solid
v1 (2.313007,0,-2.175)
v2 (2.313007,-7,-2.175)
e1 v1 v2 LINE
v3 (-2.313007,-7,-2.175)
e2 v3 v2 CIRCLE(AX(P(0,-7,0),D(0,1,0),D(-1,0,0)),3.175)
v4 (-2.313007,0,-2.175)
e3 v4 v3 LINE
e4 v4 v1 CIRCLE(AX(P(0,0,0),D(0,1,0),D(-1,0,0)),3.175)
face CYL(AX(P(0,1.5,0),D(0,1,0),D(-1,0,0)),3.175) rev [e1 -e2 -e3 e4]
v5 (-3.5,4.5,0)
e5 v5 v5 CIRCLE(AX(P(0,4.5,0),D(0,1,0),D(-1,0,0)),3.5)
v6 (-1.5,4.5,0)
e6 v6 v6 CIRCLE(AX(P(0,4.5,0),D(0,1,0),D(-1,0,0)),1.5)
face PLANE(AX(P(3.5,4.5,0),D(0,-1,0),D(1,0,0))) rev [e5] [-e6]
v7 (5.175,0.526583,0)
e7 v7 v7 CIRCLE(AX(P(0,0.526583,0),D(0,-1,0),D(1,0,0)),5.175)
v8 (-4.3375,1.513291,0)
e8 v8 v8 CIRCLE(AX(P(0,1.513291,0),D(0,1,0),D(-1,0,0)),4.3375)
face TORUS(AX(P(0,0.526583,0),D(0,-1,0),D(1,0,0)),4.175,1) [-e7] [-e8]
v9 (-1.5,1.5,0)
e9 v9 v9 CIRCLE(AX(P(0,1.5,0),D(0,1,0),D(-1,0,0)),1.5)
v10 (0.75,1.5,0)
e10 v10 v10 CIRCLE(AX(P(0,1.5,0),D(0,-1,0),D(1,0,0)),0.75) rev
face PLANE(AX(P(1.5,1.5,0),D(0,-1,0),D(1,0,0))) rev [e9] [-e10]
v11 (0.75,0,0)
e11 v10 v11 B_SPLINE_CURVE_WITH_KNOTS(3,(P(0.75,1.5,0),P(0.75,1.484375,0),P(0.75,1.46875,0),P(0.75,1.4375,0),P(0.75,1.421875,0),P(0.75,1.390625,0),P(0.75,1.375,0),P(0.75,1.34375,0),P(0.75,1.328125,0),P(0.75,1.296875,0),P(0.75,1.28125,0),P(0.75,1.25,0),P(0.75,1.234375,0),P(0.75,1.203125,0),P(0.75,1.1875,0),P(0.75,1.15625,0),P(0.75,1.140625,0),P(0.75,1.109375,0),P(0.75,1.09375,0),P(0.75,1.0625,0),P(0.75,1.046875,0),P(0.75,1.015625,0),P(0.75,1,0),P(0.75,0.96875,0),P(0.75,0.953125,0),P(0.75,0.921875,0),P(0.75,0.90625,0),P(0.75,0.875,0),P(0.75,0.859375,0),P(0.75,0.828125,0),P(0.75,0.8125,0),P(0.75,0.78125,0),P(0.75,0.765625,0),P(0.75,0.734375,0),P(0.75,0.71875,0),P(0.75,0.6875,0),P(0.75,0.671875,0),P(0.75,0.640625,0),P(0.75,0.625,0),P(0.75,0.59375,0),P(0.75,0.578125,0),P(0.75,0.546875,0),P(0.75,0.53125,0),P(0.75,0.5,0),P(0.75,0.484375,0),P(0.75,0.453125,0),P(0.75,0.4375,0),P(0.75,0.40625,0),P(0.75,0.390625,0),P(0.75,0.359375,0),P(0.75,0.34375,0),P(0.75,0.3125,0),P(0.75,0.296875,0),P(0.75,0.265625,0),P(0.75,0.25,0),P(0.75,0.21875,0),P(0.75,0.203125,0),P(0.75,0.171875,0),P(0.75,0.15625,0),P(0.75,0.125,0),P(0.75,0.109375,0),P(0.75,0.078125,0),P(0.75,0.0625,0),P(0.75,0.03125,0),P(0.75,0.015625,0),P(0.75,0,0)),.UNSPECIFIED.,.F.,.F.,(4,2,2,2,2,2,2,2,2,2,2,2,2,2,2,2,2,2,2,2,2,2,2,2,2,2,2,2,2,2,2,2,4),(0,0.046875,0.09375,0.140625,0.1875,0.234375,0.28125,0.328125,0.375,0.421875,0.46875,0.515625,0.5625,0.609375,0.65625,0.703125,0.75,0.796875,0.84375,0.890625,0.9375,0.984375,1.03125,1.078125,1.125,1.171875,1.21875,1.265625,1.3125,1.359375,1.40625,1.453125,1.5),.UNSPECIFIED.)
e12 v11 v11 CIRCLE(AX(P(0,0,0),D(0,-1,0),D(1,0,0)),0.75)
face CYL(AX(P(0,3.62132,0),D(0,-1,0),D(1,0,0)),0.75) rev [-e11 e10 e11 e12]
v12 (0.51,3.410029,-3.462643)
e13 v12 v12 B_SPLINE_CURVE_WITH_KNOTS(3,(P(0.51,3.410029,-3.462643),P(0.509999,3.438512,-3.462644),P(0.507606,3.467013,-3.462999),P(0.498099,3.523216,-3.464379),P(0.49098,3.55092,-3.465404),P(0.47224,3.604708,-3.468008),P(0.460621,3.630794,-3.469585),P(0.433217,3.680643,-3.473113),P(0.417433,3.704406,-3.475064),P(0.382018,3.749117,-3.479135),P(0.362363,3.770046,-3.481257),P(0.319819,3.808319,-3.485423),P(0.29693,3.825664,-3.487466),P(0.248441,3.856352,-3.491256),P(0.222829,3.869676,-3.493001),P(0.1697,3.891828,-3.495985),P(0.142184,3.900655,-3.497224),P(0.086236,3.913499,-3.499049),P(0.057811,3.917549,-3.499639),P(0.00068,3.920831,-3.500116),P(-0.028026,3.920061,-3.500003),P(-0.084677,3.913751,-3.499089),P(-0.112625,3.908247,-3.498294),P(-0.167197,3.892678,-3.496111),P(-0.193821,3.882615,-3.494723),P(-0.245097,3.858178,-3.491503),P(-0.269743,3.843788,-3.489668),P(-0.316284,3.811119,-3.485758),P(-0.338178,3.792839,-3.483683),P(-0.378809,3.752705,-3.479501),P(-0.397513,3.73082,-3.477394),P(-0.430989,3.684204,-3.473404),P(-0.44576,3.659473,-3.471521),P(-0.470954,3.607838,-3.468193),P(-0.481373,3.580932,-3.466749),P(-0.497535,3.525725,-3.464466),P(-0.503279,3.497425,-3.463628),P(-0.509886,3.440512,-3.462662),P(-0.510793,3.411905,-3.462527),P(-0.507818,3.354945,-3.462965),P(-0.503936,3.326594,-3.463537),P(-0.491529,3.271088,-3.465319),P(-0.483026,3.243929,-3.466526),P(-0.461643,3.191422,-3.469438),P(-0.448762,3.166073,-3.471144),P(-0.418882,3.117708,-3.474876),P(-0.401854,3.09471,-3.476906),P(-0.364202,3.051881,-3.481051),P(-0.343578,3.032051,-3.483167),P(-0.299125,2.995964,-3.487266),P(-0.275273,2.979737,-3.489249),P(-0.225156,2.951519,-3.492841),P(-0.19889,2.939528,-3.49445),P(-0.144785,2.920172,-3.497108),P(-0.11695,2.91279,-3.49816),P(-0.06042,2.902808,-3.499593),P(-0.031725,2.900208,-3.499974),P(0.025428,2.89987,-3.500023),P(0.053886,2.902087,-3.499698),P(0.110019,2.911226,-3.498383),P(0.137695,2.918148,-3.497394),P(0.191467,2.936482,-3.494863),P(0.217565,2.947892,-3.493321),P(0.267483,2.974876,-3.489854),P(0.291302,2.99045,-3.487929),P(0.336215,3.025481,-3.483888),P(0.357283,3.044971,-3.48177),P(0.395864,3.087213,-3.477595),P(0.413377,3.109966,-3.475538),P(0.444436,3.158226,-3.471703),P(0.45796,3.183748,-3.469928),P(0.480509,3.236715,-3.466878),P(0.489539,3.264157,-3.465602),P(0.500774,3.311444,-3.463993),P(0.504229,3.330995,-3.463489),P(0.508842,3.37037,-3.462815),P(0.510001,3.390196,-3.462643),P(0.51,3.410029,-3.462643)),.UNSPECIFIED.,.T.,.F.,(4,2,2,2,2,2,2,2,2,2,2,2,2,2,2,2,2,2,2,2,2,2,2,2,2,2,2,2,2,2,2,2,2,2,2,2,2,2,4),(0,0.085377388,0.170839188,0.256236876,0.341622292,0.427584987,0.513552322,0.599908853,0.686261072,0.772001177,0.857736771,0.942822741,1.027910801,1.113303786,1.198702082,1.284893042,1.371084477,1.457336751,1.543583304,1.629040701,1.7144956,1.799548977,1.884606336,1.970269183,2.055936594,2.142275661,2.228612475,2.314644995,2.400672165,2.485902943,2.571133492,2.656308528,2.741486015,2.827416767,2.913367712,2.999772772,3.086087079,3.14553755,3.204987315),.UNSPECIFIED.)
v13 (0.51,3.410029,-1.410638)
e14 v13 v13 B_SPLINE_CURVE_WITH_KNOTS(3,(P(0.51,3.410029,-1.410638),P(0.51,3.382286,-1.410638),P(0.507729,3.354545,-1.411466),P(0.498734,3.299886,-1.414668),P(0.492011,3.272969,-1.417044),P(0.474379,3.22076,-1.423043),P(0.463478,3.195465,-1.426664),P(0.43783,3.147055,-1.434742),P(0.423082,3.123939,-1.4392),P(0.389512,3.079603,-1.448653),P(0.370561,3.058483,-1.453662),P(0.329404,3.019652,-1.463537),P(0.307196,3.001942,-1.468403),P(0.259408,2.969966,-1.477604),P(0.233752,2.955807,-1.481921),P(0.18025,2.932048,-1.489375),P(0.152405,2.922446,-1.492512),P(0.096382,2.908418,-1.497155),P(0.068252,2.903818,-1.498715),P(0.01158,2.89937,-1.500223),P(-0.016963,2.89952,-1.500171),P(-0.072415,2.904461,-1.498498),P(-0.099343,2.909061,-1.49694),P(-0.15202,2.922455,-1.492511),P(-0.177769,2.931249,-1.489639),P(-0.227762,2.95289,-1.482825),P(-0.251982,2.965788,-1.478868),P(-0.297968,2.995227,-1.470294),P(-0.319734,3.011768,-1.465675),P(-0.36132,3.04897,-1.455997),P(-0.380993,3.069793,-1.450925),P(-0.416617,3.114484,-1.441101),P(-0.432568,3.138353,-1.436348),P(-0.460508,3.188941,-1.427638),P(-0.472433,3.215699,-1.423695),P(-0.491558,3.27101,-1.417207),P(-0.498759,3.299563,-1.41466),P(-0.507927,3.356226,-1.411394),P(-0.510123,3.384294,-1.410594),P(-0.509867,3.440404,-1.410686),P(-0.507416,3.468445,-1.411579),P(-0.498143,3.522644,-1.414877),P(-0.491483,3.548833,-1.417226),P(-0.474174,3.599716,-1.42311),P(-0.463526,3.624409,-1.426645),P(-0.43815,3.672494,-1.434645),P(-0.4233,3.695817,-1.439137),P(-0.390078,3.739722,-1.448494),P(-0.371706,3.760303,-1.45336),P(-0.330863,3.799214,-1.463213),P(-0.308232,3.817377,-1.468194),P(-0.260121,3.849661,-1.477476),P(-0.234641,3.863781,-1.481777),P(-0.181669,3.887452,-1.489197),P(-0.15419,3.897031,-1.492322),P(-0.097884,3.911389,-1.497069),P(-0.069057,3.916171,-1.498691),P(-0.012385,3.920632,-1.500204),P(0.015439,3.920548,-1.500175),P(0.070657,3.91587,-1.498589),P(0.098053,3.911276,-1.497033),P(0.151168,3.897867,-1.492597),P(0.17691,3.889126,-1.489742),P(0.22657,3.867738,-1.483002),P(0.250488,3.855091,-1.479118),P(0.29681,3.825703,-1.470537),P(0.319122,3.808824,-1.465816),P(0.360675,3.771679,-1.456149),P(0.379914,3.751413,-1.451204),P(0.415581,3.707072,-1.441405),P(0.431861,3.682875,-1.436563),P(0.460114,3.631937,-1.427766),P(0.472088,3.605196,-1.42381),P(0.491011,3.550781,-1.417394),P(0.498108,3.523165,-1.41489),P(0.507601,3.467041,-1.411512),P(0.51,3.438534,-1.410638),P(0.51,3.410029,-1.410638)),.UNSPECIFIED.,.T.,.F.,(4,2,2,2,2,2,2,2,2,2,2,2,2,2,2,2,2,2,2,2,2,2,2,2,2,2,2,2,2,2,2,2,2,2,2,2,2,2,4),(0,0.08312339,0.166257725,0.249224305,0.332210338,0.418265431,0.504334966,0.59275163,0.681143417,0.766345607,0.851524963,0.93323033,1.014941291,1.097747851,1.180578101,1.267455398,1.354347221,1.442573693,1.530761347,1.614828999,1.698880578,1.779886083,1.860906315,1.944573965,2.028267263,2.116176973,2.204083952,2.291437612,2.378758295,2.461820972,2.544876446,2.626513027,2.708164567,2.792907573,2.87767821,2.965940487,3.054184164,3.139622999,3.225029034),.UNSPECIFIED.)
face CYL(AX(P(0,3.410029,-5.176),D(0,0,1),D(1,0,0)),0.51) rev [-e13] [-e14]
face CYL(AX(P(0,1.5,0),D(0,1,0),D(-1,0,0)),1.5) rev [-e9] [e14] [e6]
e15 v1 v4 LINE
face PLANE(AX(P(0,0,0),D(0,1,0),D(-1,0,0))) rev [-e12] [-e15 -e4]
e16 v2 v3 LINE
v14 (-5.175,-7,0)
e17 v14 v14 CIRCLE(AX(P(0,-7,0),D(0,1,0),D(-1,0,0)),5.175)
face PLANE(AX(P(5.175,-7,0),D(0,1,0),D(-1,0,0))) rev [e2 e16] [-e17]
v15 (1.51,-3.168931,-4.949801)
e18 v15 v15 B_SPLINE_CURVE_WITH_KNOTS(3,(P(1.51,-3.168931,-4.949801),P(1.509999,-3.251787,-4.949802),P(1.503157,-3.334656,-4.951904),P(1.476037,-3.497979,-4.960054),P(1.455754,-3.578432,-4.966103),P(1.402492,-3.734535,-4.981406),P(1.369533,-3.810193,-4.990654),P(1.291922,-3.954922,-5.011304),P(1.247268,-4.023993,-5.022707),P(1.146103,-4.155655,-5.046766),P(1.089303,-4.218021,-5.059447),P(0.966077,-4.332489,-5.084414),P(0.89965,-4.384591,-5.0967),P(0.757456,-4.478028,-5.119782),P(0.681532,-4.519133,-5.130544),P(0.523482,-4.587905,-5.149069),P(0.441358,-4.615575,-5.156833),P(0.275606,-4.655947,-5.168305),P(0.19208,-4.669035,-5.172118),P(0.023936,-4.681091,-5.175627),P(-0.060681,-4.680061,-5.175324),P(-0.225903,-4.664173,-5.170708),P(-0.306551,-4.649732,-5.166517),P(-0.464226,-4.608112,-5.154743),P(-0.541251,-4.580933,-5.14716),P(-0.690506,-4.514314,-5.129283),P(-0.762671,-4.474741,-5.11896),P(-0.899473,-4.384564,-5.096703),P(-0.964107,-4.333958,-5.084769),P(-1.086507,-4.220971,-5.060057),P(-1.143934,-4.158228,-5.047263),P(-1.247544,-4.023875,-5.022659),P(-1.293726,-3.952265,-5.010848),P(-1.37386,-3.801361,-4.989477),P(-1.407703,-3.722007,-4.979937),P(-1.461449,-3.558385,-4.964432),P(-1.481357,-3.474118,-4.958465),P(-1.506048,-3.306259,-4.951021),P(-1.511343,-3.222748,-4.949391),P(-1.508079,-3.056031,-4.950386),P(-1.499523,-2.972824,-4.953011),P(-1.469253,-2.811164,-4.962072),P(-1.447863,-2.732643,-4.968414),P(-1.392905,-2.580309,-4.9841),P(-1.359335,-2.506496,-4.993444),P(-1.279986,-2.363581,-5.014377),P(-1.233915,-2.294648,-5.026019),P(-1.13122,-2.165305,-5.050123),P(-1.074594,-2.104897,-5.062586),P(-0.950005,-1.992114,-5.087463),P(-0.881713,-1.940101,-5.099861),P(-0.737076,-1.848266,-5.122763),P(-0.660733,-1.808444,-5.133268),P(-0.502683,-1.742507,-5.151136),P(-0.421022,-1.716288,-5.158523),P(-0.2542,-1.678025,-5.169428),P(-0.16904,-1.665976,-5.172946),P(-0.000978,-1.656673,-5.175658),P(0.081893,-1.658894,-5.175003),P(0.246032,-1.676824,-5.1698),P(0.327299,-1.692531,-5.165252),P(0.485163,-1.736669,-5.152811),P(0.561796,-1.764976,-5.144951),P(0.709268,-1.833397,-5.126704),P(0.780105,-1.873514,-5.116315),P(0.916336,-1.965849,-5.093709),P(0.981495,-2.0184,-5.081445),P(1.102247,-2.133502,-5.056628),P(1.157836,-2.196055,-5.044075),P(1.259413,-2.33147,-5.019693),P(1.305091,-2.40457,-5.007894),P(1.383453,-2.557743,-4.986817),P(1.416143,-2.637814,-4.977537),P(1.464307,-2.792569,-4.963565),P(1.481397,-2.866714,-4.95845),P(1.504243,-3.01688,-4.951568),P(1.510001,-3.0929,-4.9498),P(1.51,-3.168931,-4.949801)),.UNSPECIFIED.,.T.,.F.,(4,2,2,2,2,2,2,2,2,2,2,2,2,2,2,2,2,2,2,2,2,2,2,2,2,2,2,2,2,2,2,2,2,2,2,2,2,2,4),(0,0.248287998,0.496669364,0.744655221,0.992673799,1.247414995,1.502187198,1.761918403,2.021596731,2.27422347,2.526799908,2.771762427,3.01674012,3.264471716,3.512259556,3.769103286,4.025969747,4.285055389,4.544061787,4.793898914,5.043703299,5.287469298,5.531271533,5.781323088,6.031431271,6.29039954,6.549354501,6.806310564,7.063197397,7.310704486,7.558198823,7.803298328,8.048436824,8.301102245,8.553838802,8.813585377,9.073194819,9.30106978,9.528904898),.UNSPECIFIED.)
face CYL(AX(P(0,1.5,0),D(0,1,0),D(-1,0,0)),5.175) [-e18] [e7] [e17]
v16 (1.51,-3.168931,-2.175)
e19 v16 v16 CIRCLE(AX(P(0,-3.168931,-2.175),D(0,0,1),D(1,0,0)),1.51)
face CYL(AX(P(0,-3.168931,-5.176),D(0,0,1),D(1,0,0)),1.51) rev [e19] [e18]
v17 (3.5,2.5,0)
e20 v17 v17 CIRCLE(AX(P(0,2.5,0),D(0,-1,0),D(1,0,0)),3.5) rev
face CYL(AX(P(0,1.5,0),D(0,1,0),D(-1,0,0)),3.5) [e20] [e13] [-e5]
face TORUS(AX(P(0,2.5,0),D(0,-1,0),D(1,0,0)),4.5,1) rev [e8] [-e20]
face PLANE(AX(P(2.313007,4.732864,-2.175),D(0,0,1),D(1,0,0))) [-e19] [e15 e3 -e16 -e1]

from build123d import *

# Parameters (mm, degrees)
FILLET1_R               = 1
FILLET2_R               = 1
BOSS_EXTRUDE1_DEPTH     = 7
CUT_EXTRUDE1_REACH      = 12.127
CUT_EXTRUDE1_END_RADIUS = 5.175
SKETCH2_R               = 1.51
SKETCH2_R_2             = 0.51
SKETCH4_R               = 0.75
CUT_EXTRUDE2_DEPTH      = 1.5


with BuildPart() as part:
    # Sketch1 → Revolve1 (revolve)
    with BuildSketch(Plane.XY, mode=Mode.PRIVATE) as revolve1_sk:
        Polygon((0, 0), (3.175, 0), (3.175, -7), (5.175, -7), (5.175, -4.640909091), (5.175, 1.5), (3.5, 1.5), (3.5, 4.5), (1.5, 4.5), (1.5, 1.5), (0, 1.5), align=None)
    revolve(revolve1_sk.sketch.rotate(Axis((0, 1.5, 0), (0, -1, 0)), 180), axis=Axis((0, 1.5, 0), (0, -1, 0)))

    # Fillet1
    fillet1_edges = [part.edges().sort_by_distance(p)[0] for p in [
        (3.5, 1.5, 0),
    ]]
    fillet(fillet1_edges, radius=FILLET1_R)

    # Fillet2
    fillet2_edges = [part.edges().sort_by_distance(p)[0] for p in [
        (5.175, 1.5, 0),
    ]]
    fillet(fillet2_edges, radius=FILLET2_R)

    # Sketch3 → Boss-Extrude1 (add)
    with BuildSketch(Plane.XZ.offset(7)):
        with BuildLine():
            Line((2.313006701, -2.175), (-2.313006701, -2.175))
            ThreePointArc((-2.313006701, -2.175), (0, -3.175), (2.313006701, -2.175))
        make_face()
    extrude(amount=-BOSS_EXTRUDE1_DEPTH)

    # Cut-Extrude1: up to this cylinder (the profile starts inside it)
    cut_extrude1_end = Plane(origin=(0, 0.120549, 0), z_dir=(0, 1, 0)) * Cylinder(CUT_EXTRUDE1_END_RADIUS, 42.18296, mode=Mode.PRIVATE)
    # Sketch2 → Cut-Extrude1 (cut, up to the surface)
    with BuildSketch(Plane.XY, mode=Mode.PRIVATE) as cut_extrude1_sk1:
        with Locations((0, -3.168930556)):
            Circle(SKETCH2_R)
    cut_extrude1_tool1 = extrude(cut_extrude1_sk1.sketch, amount=-CUT_EXTRUDE1_REACH, mode=Mode.PRIVATE) & cut_extrude1_end
    add(cut_extrude1_tool1.solids().sort_by_distance((0, -3.168931, 0))[0], mode=Mode.SUBTRACT)
    # Sketch2 → Cut-Extrude1 (cut, up to the surface)
    with BuildSketch(Plane.XY, mode=Mode.PRIVATE) as cut_extrude1_sk2:
        with Locations((0, 3.410029171)):
            Circle(SKETCH2_R_2)
    cut_extrude1_tool2 = extrude(cut_extrude1_sk2.sketch, amount=-CUT_EXTRUDE1_REACH, mode=Mode.PRIVATE) & cut_extrude1_end
    add(cut_extrude1_tool2.solids().sort_by_distance((0, 3.410029, 0))[0], mode=Mode.SUBTRACT)

    # Sketch4 → Cut-Extrude2 (cut)
    with BuildSketch(Plane.XZ):
        Circle(SKETCH4_R)
    extrude(amount=-CUT_EXTRUDE2_DEPTH, mode=Mode.SUBTRACT)


solid = part.part
